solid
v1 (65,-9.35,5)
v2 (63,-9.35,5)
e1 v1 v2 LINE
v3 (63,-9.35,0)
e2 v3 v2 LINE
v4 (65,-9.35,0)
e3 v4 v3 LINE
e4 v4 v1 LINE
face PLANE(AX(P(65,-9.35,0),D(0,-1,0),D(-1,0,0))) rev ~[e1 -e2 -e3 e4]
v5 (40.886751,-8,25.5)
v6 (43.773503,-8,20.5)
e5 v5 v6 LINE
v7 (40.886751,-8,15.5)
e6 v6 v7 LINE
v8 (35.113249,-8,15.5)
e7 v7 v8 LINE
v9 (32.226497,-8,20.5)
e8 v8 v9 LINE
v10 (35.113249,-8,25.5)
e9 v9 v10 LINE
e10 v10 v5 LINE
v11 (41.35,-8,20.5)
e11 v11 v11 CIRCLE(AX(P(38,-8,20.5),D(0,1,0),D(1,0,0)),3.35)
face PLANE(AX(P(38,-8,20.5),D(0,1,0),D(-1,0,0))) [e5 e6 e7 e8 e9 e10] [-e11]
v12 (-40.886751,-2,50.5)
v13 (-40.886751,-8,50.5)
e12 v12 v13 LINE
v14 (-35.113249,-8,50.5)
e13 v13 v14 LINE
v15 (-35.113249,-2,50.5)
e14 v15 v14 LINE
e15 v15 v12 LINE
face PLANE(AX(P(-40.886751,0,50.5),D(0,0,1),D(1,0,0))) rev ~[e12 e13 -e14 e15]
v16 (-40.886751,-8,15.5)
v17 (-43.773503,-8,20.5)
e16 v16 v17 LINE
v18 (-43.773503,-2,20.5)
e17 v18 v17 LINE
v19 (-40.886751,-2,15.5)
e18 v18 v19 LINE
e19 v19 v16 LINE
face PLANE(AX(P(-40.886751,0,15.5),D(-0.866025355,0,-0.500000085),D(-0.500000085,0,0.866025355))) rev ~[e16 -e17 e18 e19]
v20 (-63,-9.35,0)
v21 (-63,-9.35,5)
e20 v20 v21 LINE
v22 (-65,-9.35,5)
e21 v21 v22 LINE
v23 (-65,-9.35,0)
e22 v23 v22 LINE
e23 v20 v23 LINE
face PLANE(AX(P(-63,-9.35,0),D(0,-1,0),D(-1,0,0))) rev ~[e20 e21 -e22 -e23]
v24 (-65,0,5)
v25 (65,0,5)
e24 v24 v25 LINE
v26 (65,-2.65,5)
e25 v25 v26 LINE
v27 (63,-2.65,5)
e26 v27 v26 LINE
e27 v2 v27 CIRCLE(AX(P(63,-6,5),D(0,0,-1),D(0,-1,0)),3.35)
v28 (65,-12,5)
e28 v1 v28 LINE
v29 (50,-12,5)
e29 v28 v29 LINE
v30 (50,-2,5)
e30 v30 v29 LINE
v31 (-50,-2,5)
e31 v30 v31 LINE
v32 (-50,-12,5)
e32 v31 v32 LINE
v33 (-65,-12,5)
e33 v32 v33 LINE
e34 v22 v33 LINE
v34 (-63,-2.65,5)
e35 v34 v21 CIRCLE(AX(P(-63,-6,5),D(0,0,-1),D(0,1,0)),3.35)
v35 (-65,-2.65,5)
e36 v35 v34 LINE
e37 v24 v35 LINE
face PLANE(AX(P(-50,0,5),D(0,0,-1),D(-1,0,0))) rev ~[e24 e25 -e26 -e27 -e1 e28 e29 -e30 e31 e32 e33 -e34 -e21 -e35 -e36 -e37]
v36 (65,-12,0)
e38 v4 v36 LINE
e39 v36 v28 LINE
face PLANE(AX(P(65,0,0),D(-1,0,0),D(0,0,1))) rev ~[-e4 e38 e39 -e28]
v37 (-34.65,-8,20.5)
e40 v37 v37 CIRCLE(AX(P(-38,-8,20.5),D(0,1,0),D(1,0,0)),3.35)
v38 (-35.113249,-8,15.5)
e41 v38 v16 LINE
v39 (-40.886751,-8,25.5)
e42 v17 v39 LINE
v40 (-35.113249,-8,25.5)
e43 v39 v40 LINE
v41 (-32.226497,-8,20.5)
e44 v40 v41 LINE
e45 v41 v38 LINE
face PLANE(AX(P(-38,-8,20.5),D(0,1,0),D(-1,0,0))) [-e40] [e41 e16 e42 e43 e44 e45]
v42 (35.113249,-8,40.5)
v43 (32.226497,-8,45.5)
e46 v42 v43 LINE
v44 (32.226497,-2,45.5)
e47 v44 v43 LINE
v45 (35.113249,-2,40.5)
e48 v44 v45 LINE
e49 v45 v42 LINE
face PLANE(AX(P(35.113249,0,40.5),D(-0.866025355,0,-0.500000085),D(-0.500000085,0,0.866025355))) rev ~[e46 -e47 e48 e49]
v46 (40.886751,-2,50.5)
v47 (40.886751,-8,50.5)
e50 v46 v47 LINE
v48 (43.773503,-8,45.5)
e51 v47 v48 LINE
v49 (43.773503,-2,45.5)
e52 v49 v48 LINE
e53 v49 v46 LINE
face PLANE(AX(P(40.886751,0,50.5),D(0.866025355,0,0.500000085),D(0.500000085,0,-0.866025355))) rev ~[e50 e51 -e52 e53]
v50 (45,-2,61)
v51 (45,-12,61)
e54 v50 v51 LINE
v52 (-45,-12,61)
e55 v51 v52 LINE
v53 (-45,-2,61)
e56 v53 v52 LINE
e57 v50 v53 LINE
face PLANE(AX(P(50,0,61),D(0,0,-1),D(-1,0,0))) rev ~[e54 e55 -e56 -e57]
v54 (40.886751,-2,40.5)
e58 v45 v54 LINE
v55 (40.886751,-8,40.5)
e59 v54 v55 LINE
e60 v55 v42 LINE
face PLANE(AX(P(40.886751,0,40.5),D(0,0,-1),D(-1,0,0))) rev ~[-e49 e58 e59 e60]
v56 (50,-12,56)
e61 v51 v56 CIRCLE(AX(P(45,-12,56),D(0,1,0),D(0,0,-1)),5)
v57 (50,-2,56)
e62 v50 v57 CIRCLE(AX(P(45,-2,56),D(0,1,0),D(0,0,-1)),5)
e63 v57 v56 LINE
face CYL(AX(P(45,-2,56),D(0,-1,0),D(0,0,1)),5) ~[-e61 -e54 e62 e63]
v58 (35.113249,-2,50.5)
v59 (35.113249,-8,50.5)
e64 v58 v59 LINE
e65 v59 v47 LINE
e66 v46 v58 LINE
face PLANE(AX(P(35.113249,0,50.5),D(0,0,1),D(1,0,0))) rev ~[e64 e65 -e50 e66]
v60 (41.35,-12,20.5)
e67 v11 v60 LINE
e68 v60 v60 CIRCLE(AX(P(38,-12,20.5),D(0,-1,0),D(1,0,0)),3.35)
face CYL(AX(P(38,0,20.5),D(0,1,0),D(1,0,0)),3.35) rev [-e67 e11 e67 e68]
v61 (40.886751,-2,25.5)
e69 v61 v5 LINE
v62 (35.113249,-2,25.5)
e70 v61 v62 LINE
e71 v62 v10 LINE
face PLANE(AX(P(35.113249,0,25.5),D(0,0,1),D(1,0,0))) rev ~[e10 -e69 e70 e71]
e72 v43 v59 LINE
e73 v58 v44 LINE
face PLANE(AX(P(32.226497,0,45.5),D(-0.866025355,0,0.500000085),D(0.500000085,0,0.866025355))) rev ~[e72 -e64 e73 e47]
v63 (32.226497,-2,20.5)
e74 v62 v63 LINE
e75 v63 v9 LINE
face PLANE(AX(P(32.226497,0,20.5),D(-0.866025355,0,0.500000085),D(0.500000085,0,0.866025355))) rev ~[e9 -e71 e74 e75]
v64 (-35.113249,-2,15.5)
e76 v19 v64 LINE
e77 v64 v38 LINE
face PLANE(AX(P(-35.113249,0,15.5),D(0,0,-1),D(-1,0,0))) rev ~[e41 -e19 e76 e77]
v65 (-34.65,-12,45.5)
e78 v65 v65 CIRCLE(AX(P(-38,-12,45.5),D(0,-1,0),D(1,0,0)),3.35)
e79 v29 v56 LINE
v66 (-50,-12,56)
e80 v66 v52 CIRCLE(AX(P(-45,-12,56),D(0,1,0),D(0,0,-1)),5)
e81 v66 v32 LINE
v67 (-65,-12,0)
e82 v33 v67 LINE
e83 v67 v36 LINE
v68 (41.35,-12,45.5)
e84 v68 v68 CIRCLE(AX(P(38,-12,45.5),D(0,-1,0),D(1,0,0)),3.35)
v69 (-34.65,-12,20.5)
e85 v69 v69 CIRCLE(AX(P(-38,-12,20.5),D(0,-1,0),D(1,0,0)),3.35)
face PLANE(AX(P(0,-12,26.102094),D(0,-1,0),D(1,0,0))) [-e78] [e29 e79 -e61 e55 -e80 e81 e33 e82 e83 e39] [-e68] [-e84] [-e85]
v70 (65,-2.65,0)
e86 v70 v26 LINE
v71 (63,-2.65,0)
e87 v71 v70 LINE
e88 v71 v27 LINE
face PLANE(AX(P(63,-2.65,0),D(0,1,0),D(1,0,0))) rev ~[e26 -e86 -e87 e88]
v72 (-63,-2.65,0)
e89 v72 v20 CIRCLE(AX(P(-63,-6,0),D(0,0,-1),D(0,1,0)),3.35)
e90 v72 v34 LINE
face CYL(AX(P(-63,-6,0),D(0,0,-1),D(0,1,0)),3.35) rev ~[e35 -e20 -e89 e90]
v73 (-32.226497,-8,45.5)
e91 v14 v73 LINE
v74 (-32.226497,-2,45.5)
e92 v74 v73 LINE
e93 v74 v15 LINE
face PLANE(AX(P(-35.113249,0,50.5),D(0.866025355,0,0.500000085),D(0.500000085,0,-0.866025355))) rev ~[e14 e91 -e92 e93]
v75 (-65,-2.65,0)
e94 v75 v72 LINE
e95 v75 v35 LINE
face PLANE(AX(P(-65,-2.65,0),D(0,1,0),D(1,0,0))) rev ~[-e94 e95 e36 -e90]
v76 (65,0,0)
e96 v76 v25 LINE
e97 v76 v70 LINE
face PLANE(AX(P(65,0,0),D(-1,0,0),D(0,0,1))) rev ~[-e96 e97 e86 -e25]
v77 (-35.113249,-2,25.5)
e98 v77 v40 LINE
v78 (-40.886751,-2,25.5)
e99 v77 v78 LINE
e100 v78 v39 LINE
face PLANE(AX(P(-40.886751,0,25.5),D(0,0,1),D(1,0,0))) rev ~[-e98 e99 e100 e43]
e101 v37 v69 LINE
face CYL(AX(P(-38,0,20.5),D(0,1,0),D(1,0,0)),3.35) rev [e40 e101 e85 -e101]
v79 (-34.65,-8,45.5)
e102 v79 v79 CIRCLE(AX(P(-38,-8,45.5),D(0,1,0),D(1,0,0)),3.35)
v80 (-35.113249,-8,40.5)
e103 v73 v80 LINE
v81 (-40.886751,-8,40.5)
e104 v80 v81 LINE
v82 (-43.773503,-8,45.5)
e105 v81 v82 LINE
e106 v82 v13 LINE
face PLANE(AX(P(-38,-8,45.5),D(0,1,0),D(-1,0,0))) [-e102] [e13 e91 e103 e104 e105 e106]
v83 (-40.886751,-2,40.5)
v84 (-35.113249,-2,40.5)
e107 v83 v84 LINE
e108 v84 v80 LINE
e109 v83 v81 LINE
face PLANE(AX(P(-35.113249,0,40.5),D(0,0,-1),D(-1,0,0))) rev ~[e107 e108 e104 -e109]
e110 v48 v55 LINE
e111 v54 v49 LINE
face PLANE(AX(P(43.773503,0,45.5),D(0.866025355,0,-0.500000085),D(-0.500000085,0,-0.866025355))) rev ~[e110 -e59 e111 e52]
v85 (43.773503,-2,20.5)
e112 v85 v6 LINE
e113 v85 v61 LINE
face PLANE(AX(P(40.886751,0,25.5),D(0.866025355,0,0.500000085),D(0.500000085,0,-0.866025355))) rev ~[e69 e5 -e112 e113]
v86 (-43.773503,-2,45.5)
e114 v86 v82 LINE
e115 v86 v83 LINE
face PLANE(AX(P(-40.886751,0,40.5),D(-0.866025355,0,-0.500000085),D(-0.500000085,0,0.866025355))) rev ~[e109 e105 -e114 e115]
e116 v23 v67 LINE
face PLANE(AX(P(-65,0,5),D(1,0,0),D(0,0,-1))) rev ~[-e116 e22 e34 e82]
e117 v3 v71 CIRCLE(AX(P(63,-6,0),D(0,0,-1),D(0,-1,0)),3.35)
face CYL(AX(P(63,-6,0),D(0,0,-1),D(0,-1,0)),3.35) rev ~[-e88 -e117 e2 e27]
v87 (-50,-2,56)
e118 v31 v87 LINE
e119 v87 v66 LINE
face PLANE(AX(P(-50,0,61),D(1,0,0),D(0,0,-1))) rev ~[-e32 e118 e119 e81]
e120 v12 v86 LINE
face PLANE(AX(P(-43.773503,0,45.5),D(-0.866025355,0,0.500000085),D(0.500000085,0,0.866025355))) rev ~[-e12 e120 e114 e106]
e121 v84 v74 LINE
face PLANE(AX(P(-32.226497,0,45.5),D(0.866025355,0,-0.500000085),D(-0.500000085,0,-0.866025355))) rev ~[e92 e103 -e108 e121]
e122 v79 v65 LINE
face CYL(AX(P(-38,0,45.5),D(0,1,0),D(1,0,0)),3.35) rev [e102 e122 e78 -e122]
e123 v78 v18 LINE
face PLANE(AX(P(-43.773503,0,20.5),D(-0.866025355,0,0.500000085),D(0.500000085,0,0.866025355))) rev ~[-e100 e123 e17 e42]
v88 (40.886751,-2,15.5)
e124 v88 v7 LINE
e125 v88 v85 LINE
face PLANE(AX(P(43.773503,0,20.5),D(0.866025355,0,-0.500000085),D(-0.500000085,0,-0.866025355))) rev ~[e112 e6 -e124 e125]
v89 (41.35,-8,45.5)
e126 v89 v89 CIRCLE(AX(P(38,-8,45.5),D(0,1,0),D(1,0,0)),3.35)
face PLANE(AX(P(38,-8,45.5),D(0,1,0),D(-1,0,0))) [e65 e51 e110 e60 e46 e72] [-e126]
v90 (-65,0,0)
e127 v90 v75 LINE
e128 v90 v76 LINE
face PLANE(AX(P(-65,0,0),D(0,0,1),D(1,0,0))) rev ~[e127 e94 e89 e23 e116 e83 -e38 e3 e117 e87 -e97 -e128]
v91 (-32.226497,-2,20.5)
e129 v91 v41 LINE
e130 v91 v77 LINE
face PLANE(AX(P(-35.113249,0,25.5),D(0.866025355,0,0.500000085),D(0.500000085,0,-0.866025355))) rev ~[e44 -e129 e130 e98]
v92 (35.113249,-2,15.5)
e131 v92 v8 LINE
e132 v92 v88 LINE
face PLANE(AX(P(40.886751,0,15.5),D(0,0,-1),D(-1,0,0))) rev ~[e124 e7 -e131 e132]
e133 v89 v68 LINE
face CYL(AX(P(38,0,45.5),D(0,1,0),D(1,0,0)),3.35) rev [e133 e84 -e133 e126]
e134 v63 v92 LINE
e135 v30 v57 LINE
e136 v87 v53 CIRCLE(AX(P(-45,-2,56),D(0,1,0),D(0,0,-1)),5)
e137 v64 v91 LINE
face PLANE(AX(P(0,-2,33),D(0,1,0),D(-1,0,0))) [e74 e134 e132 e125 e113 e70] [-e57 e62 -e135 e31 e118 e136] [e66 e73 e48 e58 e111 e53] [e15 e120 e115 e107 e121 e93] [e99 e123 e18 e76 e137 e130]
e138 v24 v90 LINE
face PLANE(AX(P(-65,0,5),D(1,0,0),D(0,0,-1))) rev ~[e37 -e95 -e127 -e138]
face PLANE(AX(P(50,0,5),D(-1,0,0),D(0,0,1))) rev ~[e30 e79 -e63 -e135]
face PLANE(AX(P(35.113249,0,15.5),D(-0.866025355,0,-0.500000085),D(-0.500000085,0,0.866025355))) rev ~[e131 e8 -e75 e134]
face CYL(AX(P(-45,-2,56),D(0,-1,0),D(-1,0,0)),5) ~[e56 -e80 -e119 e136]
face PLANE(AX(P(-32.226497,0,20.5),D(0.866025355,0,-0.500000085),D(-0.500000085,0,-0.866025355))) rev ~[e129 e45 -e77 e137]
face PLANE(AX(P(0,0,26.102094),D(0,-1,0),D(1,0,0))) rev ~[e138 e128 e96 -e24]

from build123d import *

# Parameters (mm, degrees)
F0_R     = 3.35
F1_DEPTH = 12
F3_DEPTH = 5
F5_DEPTH = 8
F6_W     = 100
F6_H     = 56
F7_DEPTH = 2
F8_R     = 5


with BuildPart() as f1:
    # F0 (on Front) → F1 (new body)
    with BuildSketch(Plane.XZ):
        Polygon((-65, 5), (-65, 0), (65, 0), (65, 5), (50, 5), (50, 61), (-50, 61), (-50, 5), align=None)
        with Locations((-38, 20.5)):
            Circle(F0_R, mode=Mode.SUBTRACT)
        with Locations((38, 20.5)):
            Circle(F0_R, mode=Mode.SUBTRACT)
        with Locations((-38, 45.5)):
            Circle(F0_R, mode=Mode.SUBTRACT)
        with Locations((38, 45.5)):
            Circle(F0_R, mode=Mode.SUBTRACT)
    extrude(amount=F1_DEPTH)

    # F2 (on face) → F3 (cut, through all)
    with BuildSketch(Plane(origin=(0, 0, 0), x_dir=(1, 0, 0), z_dir=(0, 0, -1))):
        with BuildLine():
            Line((-65, 2.65), (-63, 2.65))
            ThreePointArc((-63, 2.65), (-59.65, 6), (-63, 9.35))
            Line((-63, 9.35), (-65, 9.35))
            Line((-65, 9.35), (-65, 2.65))
        make_face()
        with BuildLine():
            Line((65, 9.35), (63, 9.35))
            ThreePointArc((63, 9.35), (59.65, 6), (63, 2.65))
            Line((63, 2.65), (65, 2.65))
            Line((65, 2.65), (65, 9.35))
        make_face()
    extrude(amount=-F3_DEPTH, mode=Mode.SUBTRACT)

    # F4 (on face) → F5 (cut)
    with BuildSketch(Plane(origin=(0, 0, 0), x_dir=(-1, 0, 0), z_dir=(0, 1, 0))):
        Polygon((35.113249, 25.5), (32.226497, 20.5), (35.113249, 15.5), (40.886751, 15.5), (43.773503, 20.5), (40.886751, 25.5), align=None)
        Polygon((-40.886751, 25.5), (-43.773503, 20.5), (-40.886751, 15.5), (-35.113249, 15.5), (-32.226497, 20.5), (-35.113249, 25.5), align=None)
        Polygon((35.113249, 50.5), (32.226497, 45.5), (35.113249, 40.5), (40.886751, 40.5), (43.773503, 45.5), (40.886751, 50.5), align=None)
        Polygon((-40.886751, 50.5), (-43.773503, 45.5), (-40.886751, 40.5), (-35.113249, 40.5), (-32.226497, 45.5), (-35.113249, 50.5), align=None)
    extrude(amount=-F5_DEPTH, mode=Mode.SUBTRACT)

    # F6 (on face) → F7 (cut)
    with BuildSketch(Plane(origin=(0, 0, 0), x_dir=(-1, 0, 0), z_dir=(0, 1, 0))):
        with Locations((0, 33)):
            Rectangle(F6_W, F6_H)
    extrude(amount=-F7_DEPTH, mode=Mode.SUBTRACT)

    # F8
    f8_edges = [f1.edges().sort_by_distance(p)[0] for p in [
        (-50, -7, 61),
        (50, -7, 61),
    ]]
    fillet(f8_edges, radius=F8_R)


solid = f1.part
